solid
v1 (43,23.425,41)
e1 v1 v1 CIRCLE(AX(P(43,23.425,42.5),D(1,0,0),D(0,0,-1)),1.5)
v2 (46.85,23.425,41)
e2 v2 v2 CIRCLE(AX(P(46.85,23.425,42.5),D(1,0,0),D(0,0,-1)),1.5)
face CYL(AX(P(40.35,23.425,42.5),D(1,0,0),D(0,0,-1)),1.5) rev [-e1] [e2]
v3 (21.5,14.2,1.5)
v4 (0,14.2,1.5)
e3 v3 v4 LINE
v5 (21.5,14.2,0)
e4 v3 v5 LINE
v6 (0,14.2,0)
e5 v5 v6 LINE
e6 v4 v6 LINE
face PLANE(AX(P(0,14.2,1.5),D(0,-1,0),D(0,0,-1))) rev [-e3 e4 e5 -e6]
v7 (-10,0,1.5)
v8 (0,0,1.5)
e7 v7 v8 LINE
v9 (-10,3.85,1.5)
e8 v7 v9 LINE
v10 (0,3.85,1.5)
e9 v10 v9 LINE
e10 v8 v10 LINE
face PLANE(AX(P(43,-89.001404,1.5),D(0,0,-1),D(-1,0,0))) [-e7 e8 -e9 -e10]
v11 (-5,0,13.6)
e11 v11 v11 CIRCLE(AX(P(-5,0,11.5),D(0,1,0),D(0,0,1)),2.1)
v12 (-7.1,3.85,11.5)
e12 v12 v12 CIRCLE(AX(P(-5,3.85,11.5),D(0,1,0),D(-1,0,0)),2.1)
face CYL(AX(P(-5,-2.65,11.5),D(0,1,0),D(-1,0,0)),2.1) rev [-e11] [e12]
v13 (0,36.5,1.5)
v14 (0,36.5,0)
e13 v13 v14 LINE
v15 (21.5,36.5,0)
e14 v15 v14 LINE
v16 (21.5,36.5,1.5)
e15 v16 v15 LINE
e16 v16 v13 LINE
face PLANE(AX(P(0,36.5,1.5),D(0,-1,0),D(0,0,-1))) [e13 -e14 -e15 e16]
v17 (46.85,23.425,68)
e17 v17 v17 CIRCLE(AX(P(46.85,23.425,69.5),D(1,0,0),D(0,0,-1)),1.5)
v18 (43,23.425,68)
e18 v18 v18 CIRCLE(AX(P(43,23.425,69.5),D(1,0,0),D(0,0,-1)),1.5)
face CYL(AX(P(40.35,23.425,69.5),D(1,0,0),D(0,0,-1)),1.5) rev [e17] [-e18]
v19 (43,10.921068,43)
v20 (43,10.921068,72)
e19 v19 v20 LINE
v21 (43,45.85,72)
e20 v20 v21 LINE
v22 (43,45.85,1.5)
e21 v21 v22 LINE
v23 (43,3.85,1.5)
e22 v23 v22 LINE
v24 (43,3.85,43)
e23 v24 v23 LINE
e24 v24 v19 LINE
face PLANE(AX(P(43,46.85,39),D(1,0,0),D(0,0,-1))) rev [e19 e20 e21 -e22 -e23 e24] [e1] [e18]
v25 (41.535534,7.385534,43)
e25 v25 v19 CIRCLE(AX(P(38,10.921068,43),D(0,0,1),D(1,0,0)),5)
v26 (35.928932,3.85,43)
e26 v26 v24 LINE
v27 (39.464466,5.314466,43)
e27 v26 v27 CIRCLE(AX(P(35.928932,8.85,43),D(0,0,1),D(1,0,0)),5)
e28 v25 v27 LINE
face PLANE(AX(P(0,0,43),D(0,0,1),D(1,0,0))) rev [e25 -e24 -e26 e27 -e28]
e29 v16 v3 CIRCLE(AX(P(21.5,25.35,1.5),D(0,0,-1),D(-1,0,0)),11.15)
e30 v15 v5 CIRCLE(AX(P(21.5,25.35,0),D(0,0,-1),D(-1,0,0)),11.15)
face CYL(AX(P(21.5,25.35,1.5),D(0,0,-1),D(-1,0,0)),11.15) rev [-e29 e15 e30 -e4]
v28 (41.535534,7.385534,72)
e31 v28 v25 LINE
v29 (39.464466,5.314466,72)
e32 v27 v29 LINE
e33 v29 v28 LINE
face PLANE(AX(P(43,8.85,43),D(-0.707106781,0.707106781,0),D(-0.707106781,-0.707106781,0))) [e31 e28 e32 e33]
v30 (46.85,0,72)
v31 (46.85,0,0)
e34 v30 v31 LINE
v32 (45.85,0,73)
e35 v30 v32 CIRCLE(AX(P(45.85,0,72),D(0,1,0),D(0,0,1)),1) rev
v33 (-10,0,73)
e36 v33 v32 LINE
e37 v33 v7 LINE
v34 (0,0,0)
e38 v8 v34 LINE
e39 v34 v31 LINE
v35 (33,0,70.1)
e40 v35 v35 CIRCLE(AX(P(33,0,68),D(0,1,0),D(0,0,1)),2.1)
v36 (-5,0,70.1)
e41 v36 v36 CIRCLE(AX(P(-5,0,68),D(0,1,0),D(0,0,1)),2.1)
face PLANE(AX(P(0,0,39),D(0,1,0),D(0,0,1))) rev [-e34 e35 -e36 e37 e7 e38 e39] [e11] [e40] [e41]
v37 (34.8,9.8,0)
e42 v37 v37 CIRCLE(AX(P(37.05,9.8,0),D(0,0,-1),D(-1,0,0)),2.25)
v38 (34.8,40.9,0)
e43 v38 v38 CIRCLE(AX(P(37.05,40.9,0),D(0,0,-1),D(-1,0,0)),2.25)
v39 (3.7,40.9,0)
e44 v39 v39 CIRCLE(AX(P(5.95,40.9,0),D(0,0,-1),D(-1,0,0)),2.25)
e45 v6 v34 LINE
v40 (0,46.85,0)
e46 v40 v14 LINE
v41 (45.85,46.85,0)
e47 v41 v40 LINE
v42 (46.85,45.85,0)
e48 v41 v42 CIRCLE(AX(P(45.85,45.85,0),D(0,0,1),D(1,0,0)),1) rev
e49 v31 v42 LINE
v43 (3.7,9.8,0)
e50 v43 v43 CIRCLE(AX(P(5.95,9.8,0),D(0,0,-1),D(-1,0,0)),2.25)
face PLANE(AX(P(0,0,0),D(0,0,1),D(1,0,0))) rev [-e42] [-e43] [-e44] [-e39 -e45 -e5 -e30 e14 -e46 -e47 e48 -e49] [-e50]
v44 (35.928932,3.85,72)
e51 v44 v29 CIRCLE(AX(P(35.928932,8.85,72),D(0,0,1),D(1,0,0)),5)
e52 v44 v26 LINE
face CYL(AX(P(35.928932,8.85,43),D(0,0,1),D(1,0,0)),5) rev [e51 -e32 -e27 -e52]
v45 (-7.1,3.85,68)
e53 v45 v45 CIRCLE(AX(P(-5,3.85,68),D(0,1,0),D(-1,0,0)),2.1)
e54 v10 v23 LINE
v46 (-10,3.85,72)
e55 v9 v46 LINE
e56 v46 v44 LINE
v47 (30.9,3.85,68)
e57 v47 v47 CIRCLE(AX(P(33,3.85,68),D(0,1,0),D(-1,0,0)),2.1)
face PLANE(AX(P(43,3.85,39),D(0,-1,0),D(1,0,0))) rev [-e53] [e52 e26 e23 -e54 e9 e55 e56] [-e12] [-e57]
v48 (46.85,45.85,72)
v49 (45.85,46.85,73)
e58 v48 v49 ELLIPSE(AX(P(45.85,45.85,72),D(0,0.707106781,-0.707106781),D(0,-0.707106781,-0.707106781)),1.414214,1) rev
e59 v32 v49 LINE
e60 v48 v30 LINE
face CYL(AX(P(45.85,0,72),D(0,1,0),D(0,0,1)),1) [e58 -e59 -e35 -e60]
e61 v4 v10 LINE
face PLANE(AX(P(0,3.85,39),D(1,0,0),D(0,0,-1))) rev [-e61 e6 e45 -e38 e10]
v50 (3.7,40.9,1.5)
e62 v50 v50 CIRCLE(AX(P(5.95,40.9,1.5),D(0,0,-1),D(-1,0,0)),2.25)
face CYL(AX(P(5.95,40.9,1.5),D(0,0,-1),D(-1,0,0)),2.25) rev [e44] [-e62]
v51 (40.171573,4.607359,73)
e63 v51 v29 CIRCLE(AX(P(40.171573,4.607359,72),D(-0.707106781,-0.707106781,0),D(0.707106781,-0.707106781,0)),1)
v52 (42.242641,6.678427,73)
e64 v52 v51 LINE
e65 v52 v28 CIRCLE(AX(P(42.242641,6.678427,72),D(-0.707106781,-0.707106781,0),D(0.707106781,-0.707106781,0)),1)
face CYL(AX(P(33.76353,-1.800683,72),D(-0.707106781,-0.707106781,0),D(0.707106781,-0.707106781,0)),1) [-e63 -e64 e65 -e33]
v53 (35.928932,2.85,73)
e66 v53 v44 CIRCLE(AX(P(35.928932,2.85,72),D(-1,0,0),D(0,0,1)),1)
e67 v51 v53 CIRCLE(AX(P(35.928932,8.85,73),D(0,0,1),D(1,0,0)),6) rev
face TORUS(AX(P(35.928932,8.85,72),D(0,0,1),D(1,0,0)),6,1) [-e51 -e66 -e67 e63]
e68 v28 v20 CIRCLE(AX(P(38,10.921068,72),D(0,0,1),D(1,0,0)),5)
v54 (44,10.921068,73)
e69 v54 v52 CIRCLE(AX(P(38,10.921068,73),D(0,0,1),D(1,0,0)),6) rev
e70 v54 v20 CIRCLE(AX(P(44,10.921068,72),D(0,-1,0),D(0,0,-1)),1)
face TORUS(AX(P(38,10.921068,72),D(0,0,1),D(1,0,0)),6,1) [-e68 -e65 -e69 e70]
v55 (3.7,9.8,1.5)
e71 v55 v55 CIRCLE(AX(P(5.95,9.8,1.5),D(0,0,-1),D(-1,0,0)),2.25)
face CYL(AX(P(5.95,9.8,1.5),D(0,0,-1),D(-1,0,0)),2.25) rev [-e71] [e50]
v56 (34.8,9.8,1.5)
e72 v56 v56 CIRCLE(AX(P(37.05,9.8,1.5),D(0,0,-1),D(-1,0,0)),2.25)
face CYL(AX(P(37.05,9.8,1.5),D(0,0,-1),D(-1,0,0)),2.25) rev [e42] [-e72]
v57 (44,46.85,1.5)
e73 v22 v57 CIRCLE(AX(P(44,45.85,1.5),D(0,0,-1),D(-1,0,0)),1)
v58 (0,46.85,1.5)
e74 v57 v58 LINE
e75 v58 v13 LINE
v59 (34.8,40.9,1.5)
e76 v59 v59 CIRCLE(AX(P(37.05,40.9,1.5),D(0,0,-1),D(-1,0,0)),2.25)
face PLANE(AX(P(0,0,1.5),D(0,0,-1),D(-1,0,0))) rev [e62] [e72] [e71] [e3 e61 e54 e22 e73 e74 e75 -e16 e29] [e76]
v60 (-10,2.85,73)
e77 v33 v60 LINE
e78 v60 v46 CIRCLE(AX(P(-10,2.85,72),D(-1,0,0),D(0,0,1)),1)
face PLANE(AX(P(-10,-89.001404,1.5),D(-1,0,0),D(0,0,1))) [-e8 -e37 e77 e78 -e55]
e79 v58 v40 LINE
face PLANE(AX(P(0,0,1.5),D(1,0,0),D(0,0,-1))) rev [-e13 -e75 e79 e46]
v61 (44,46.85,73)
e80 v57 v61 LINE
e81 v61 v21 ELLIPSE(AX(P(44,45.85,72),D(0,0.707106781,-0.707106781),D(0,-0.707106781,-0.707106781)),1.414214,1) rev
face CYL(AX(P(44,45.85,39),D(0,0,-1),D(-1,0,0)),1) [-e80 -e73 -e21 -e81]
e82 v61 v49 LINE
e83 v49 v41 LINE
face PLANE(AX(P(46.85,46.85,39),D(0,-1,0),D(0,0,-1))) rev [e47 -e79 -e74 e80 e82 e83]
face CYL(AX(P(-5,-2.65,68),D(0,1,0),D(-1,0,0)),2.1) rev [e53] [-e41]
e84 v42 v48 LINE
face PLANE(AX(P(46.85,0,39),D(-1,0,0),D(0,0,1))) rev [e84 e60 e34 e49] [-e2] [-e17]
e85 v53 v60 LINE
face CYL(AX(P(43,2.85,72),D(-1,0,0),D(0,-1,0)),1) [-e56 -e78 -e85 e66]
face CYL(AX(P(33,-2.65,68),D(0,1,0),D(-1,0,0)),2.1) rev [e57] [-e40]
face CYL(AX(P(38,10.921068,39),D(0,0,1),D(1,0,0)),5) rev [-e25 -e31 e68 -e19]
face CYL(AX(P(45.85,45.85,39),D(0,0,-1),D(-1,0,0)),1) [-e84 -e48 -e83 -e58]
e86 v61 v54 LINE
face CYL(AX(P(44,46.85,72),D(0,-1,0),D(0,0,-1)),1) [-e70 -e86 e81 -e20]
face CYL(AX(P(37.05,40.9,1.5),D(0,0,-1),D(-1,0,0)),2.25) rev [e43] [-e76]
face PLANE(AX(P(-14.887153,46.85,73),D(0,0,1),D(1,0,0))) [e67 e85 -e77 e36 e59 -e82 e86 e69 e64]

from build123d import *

# Parameters (mm, degrees)
BOSS_EXTRU_1_DEPTH      = 39
ESQUISSE2_R             = 2.25
BOSS_EXTRU_2_DEPTH      = 1.5
ESQUISSE3_W             = 34
ESQUISSE3_H             = 46.85
BOSS_EXTRU_3_DEPTH      = 3.85
ESQUISSE4_R             = 1.5
ENL_V_MAT_EXTRU_1_DEPTH = 6.5
ESQUISSE5_W             = 53
ESQUISSE5_H             = 71.5
BOSS_EXTRU_4_DEPTH      = 3.85
ESQUISSE6_R             = 2.1
ENL_V_MAT_EXTRU_2_DEPTH = 6.5
BOSS_EXTRU_5_DEPTH      = 30
CONG_1_R                = 5
CONG_2_R                = 1


with BuildPart() as part:
    # Esquisse1 → Boss.-Extru.1 (new body)
    with BuildSketch(Plane.XY):
        Polygon((0, 0), (46.85, 0), (46.85, 46.85), (43, 46.85), (43, 3.85), (0, 3.85), align=None)
    extrude(amount=BOSS_EXTRU_1_DEPTH)

    # Esquisse2 → Boss.-Extru.2 (add)
    with BuildSketch(Plane(origin=(0, 0, 0), x_dir=(-1, 0, 0), z_dir=(0, 0, -1))):
        with BuildLine():
            Line((0, 46.85), (-43, 46.85))
            Line((-43, 46.85), (-43, 3.85))
            Line((-43, 3.85), (0, 3.85))
            Line((0, 3.85), (0, 14.2))
            Line((0, 14.2), (-21.5, 14.2))
            ThreePointArc((-21.5, 14.2), (-32.65, 25.35), (-21.5, 36.5))
            Line((-21.5, 36.5), (0, 36.5))
            Line((0, 36.5), (0, 46.85))
        make_face()
        with Locations((-37.05, 9.8)):
            Circle(ESQUISSE2_R, mode=Mode.SUBTRACT)
        with Locations((-5.95, 9.8)):
            Circle(ESQUISSE2_R, mode=Mode.SUBTRACT)
        with Locations((-37.05, 40.9)):
            Circle(ESQUISSE2_R, mode=Mode.SUBTRACT)
        with Locations((-5.95, 40.9)):
            Circle(ESQUISSE2_R, mode=Mode.SUBTRACT)
    extrude(amount=-BOSS_EXTRU_2_DEPTH)

    # Esquisse3 → Boss.-Extru.3 (add)
    with BuildSketch(Plane(origin=(46.85, 0, 0), x_dir=(0, 0, -1), z_dir=(1, 0, 0))):
        with Locations((-56, 23.425)):
            Rectangle(ESQUISSE3_W, ESQUISSE3_H)
    extrude(amount=-BOSS_EXTRU_3_DEPTH)

    # Esquisse4 → Enlèv. mat.-Extru.1 (cut)
    with BuildSketch(Plane(origin=(46.85, 0, 0), x_dir=(0, 0, -1), z_dir=(1, 0, 0))):
        with Locations((-69.5, 23.425)):
            Circle(ESQUISSE4_R)
        with Locations((-42.5, 23.425)):
            Circle(ESQUISSE4_R)
    extrude(amount=-ENL_V_MAT_EXTRU_1_DEPTH, mode=Mode.SUBTRACT)

    # Esquisse5 → Boss.-Extru.4 (add)
    with BuildSketch(Plane(origin=(0, 3.85, 0), x_dir=(1, 0, 0), z_dir=(0, 1, 0))):
        with Locations((16.5, -37.25)):
            Rectangle(ESQUISSE5_W, ESQUISSE5_H)
    extrude(amount=-BOSS_EXTRU_4_DEPTH)

    # Esquisse6 → Enlèv. mat.-Extru.2 (cut)
    with BuildSketch(Plane(origin=(0, 3.85, 0), x_dir=(1, 0, 0), z_dir=(0, 1, 0))):
        with Locations(Location((-5, -68, 0), (0, 0, 180))):
            Circle(ESQUISSE6_R)
        with Locations(Location((33, -68, 0), (0, 0, 180))):
            Circle(ESQUISSE6_R)
        with Locations(Location((-5, -11.5, 0), (0, 0, 180))):
            Circle(ESQUISSE6_R)
    extrude(amount=-ENL_V_MAT_EXTRU_2_DEPTH, mode=Mode.SUBTRACT)

    # Esquisse7 → Boss.-Extru.5 (add)
    with BuildSketch(Plane.XY.offset(73)):
        Polygon((43, 3.85), (43, 8.85), (38, 3.85), align=None)
    extrude(amount=-BOSS_EXTRU_5_DEPTH)

    # Congé1
    cong_1_edges = [part.edges().sort_by_distance(p)[0] for p in [
        (38, 3.85, 58),
        (43, 8.85, 58),
    ]]
    fillet(cong_1_edges, radius=CONG_1_R)

    # Congé2
    cong_2_edges = [part.edges().sort_by_distance(p)[0] for p in [
        (12.964466094, 3.85, 73),
        (43, 46.85, 37.25),
        (46.85, 46.85, 36.5),
        (40.5, 6.35, 73),
        (43, 28.885533906, 73),
        (37.84234935, 4.230602337, 73),
        (42.619397663, 9.00765065, 73),
        (46.85, 23.425, 73),
    ]]
    fillet(cong_2_edges, radius=CONG_2_R)


solid = part.part
